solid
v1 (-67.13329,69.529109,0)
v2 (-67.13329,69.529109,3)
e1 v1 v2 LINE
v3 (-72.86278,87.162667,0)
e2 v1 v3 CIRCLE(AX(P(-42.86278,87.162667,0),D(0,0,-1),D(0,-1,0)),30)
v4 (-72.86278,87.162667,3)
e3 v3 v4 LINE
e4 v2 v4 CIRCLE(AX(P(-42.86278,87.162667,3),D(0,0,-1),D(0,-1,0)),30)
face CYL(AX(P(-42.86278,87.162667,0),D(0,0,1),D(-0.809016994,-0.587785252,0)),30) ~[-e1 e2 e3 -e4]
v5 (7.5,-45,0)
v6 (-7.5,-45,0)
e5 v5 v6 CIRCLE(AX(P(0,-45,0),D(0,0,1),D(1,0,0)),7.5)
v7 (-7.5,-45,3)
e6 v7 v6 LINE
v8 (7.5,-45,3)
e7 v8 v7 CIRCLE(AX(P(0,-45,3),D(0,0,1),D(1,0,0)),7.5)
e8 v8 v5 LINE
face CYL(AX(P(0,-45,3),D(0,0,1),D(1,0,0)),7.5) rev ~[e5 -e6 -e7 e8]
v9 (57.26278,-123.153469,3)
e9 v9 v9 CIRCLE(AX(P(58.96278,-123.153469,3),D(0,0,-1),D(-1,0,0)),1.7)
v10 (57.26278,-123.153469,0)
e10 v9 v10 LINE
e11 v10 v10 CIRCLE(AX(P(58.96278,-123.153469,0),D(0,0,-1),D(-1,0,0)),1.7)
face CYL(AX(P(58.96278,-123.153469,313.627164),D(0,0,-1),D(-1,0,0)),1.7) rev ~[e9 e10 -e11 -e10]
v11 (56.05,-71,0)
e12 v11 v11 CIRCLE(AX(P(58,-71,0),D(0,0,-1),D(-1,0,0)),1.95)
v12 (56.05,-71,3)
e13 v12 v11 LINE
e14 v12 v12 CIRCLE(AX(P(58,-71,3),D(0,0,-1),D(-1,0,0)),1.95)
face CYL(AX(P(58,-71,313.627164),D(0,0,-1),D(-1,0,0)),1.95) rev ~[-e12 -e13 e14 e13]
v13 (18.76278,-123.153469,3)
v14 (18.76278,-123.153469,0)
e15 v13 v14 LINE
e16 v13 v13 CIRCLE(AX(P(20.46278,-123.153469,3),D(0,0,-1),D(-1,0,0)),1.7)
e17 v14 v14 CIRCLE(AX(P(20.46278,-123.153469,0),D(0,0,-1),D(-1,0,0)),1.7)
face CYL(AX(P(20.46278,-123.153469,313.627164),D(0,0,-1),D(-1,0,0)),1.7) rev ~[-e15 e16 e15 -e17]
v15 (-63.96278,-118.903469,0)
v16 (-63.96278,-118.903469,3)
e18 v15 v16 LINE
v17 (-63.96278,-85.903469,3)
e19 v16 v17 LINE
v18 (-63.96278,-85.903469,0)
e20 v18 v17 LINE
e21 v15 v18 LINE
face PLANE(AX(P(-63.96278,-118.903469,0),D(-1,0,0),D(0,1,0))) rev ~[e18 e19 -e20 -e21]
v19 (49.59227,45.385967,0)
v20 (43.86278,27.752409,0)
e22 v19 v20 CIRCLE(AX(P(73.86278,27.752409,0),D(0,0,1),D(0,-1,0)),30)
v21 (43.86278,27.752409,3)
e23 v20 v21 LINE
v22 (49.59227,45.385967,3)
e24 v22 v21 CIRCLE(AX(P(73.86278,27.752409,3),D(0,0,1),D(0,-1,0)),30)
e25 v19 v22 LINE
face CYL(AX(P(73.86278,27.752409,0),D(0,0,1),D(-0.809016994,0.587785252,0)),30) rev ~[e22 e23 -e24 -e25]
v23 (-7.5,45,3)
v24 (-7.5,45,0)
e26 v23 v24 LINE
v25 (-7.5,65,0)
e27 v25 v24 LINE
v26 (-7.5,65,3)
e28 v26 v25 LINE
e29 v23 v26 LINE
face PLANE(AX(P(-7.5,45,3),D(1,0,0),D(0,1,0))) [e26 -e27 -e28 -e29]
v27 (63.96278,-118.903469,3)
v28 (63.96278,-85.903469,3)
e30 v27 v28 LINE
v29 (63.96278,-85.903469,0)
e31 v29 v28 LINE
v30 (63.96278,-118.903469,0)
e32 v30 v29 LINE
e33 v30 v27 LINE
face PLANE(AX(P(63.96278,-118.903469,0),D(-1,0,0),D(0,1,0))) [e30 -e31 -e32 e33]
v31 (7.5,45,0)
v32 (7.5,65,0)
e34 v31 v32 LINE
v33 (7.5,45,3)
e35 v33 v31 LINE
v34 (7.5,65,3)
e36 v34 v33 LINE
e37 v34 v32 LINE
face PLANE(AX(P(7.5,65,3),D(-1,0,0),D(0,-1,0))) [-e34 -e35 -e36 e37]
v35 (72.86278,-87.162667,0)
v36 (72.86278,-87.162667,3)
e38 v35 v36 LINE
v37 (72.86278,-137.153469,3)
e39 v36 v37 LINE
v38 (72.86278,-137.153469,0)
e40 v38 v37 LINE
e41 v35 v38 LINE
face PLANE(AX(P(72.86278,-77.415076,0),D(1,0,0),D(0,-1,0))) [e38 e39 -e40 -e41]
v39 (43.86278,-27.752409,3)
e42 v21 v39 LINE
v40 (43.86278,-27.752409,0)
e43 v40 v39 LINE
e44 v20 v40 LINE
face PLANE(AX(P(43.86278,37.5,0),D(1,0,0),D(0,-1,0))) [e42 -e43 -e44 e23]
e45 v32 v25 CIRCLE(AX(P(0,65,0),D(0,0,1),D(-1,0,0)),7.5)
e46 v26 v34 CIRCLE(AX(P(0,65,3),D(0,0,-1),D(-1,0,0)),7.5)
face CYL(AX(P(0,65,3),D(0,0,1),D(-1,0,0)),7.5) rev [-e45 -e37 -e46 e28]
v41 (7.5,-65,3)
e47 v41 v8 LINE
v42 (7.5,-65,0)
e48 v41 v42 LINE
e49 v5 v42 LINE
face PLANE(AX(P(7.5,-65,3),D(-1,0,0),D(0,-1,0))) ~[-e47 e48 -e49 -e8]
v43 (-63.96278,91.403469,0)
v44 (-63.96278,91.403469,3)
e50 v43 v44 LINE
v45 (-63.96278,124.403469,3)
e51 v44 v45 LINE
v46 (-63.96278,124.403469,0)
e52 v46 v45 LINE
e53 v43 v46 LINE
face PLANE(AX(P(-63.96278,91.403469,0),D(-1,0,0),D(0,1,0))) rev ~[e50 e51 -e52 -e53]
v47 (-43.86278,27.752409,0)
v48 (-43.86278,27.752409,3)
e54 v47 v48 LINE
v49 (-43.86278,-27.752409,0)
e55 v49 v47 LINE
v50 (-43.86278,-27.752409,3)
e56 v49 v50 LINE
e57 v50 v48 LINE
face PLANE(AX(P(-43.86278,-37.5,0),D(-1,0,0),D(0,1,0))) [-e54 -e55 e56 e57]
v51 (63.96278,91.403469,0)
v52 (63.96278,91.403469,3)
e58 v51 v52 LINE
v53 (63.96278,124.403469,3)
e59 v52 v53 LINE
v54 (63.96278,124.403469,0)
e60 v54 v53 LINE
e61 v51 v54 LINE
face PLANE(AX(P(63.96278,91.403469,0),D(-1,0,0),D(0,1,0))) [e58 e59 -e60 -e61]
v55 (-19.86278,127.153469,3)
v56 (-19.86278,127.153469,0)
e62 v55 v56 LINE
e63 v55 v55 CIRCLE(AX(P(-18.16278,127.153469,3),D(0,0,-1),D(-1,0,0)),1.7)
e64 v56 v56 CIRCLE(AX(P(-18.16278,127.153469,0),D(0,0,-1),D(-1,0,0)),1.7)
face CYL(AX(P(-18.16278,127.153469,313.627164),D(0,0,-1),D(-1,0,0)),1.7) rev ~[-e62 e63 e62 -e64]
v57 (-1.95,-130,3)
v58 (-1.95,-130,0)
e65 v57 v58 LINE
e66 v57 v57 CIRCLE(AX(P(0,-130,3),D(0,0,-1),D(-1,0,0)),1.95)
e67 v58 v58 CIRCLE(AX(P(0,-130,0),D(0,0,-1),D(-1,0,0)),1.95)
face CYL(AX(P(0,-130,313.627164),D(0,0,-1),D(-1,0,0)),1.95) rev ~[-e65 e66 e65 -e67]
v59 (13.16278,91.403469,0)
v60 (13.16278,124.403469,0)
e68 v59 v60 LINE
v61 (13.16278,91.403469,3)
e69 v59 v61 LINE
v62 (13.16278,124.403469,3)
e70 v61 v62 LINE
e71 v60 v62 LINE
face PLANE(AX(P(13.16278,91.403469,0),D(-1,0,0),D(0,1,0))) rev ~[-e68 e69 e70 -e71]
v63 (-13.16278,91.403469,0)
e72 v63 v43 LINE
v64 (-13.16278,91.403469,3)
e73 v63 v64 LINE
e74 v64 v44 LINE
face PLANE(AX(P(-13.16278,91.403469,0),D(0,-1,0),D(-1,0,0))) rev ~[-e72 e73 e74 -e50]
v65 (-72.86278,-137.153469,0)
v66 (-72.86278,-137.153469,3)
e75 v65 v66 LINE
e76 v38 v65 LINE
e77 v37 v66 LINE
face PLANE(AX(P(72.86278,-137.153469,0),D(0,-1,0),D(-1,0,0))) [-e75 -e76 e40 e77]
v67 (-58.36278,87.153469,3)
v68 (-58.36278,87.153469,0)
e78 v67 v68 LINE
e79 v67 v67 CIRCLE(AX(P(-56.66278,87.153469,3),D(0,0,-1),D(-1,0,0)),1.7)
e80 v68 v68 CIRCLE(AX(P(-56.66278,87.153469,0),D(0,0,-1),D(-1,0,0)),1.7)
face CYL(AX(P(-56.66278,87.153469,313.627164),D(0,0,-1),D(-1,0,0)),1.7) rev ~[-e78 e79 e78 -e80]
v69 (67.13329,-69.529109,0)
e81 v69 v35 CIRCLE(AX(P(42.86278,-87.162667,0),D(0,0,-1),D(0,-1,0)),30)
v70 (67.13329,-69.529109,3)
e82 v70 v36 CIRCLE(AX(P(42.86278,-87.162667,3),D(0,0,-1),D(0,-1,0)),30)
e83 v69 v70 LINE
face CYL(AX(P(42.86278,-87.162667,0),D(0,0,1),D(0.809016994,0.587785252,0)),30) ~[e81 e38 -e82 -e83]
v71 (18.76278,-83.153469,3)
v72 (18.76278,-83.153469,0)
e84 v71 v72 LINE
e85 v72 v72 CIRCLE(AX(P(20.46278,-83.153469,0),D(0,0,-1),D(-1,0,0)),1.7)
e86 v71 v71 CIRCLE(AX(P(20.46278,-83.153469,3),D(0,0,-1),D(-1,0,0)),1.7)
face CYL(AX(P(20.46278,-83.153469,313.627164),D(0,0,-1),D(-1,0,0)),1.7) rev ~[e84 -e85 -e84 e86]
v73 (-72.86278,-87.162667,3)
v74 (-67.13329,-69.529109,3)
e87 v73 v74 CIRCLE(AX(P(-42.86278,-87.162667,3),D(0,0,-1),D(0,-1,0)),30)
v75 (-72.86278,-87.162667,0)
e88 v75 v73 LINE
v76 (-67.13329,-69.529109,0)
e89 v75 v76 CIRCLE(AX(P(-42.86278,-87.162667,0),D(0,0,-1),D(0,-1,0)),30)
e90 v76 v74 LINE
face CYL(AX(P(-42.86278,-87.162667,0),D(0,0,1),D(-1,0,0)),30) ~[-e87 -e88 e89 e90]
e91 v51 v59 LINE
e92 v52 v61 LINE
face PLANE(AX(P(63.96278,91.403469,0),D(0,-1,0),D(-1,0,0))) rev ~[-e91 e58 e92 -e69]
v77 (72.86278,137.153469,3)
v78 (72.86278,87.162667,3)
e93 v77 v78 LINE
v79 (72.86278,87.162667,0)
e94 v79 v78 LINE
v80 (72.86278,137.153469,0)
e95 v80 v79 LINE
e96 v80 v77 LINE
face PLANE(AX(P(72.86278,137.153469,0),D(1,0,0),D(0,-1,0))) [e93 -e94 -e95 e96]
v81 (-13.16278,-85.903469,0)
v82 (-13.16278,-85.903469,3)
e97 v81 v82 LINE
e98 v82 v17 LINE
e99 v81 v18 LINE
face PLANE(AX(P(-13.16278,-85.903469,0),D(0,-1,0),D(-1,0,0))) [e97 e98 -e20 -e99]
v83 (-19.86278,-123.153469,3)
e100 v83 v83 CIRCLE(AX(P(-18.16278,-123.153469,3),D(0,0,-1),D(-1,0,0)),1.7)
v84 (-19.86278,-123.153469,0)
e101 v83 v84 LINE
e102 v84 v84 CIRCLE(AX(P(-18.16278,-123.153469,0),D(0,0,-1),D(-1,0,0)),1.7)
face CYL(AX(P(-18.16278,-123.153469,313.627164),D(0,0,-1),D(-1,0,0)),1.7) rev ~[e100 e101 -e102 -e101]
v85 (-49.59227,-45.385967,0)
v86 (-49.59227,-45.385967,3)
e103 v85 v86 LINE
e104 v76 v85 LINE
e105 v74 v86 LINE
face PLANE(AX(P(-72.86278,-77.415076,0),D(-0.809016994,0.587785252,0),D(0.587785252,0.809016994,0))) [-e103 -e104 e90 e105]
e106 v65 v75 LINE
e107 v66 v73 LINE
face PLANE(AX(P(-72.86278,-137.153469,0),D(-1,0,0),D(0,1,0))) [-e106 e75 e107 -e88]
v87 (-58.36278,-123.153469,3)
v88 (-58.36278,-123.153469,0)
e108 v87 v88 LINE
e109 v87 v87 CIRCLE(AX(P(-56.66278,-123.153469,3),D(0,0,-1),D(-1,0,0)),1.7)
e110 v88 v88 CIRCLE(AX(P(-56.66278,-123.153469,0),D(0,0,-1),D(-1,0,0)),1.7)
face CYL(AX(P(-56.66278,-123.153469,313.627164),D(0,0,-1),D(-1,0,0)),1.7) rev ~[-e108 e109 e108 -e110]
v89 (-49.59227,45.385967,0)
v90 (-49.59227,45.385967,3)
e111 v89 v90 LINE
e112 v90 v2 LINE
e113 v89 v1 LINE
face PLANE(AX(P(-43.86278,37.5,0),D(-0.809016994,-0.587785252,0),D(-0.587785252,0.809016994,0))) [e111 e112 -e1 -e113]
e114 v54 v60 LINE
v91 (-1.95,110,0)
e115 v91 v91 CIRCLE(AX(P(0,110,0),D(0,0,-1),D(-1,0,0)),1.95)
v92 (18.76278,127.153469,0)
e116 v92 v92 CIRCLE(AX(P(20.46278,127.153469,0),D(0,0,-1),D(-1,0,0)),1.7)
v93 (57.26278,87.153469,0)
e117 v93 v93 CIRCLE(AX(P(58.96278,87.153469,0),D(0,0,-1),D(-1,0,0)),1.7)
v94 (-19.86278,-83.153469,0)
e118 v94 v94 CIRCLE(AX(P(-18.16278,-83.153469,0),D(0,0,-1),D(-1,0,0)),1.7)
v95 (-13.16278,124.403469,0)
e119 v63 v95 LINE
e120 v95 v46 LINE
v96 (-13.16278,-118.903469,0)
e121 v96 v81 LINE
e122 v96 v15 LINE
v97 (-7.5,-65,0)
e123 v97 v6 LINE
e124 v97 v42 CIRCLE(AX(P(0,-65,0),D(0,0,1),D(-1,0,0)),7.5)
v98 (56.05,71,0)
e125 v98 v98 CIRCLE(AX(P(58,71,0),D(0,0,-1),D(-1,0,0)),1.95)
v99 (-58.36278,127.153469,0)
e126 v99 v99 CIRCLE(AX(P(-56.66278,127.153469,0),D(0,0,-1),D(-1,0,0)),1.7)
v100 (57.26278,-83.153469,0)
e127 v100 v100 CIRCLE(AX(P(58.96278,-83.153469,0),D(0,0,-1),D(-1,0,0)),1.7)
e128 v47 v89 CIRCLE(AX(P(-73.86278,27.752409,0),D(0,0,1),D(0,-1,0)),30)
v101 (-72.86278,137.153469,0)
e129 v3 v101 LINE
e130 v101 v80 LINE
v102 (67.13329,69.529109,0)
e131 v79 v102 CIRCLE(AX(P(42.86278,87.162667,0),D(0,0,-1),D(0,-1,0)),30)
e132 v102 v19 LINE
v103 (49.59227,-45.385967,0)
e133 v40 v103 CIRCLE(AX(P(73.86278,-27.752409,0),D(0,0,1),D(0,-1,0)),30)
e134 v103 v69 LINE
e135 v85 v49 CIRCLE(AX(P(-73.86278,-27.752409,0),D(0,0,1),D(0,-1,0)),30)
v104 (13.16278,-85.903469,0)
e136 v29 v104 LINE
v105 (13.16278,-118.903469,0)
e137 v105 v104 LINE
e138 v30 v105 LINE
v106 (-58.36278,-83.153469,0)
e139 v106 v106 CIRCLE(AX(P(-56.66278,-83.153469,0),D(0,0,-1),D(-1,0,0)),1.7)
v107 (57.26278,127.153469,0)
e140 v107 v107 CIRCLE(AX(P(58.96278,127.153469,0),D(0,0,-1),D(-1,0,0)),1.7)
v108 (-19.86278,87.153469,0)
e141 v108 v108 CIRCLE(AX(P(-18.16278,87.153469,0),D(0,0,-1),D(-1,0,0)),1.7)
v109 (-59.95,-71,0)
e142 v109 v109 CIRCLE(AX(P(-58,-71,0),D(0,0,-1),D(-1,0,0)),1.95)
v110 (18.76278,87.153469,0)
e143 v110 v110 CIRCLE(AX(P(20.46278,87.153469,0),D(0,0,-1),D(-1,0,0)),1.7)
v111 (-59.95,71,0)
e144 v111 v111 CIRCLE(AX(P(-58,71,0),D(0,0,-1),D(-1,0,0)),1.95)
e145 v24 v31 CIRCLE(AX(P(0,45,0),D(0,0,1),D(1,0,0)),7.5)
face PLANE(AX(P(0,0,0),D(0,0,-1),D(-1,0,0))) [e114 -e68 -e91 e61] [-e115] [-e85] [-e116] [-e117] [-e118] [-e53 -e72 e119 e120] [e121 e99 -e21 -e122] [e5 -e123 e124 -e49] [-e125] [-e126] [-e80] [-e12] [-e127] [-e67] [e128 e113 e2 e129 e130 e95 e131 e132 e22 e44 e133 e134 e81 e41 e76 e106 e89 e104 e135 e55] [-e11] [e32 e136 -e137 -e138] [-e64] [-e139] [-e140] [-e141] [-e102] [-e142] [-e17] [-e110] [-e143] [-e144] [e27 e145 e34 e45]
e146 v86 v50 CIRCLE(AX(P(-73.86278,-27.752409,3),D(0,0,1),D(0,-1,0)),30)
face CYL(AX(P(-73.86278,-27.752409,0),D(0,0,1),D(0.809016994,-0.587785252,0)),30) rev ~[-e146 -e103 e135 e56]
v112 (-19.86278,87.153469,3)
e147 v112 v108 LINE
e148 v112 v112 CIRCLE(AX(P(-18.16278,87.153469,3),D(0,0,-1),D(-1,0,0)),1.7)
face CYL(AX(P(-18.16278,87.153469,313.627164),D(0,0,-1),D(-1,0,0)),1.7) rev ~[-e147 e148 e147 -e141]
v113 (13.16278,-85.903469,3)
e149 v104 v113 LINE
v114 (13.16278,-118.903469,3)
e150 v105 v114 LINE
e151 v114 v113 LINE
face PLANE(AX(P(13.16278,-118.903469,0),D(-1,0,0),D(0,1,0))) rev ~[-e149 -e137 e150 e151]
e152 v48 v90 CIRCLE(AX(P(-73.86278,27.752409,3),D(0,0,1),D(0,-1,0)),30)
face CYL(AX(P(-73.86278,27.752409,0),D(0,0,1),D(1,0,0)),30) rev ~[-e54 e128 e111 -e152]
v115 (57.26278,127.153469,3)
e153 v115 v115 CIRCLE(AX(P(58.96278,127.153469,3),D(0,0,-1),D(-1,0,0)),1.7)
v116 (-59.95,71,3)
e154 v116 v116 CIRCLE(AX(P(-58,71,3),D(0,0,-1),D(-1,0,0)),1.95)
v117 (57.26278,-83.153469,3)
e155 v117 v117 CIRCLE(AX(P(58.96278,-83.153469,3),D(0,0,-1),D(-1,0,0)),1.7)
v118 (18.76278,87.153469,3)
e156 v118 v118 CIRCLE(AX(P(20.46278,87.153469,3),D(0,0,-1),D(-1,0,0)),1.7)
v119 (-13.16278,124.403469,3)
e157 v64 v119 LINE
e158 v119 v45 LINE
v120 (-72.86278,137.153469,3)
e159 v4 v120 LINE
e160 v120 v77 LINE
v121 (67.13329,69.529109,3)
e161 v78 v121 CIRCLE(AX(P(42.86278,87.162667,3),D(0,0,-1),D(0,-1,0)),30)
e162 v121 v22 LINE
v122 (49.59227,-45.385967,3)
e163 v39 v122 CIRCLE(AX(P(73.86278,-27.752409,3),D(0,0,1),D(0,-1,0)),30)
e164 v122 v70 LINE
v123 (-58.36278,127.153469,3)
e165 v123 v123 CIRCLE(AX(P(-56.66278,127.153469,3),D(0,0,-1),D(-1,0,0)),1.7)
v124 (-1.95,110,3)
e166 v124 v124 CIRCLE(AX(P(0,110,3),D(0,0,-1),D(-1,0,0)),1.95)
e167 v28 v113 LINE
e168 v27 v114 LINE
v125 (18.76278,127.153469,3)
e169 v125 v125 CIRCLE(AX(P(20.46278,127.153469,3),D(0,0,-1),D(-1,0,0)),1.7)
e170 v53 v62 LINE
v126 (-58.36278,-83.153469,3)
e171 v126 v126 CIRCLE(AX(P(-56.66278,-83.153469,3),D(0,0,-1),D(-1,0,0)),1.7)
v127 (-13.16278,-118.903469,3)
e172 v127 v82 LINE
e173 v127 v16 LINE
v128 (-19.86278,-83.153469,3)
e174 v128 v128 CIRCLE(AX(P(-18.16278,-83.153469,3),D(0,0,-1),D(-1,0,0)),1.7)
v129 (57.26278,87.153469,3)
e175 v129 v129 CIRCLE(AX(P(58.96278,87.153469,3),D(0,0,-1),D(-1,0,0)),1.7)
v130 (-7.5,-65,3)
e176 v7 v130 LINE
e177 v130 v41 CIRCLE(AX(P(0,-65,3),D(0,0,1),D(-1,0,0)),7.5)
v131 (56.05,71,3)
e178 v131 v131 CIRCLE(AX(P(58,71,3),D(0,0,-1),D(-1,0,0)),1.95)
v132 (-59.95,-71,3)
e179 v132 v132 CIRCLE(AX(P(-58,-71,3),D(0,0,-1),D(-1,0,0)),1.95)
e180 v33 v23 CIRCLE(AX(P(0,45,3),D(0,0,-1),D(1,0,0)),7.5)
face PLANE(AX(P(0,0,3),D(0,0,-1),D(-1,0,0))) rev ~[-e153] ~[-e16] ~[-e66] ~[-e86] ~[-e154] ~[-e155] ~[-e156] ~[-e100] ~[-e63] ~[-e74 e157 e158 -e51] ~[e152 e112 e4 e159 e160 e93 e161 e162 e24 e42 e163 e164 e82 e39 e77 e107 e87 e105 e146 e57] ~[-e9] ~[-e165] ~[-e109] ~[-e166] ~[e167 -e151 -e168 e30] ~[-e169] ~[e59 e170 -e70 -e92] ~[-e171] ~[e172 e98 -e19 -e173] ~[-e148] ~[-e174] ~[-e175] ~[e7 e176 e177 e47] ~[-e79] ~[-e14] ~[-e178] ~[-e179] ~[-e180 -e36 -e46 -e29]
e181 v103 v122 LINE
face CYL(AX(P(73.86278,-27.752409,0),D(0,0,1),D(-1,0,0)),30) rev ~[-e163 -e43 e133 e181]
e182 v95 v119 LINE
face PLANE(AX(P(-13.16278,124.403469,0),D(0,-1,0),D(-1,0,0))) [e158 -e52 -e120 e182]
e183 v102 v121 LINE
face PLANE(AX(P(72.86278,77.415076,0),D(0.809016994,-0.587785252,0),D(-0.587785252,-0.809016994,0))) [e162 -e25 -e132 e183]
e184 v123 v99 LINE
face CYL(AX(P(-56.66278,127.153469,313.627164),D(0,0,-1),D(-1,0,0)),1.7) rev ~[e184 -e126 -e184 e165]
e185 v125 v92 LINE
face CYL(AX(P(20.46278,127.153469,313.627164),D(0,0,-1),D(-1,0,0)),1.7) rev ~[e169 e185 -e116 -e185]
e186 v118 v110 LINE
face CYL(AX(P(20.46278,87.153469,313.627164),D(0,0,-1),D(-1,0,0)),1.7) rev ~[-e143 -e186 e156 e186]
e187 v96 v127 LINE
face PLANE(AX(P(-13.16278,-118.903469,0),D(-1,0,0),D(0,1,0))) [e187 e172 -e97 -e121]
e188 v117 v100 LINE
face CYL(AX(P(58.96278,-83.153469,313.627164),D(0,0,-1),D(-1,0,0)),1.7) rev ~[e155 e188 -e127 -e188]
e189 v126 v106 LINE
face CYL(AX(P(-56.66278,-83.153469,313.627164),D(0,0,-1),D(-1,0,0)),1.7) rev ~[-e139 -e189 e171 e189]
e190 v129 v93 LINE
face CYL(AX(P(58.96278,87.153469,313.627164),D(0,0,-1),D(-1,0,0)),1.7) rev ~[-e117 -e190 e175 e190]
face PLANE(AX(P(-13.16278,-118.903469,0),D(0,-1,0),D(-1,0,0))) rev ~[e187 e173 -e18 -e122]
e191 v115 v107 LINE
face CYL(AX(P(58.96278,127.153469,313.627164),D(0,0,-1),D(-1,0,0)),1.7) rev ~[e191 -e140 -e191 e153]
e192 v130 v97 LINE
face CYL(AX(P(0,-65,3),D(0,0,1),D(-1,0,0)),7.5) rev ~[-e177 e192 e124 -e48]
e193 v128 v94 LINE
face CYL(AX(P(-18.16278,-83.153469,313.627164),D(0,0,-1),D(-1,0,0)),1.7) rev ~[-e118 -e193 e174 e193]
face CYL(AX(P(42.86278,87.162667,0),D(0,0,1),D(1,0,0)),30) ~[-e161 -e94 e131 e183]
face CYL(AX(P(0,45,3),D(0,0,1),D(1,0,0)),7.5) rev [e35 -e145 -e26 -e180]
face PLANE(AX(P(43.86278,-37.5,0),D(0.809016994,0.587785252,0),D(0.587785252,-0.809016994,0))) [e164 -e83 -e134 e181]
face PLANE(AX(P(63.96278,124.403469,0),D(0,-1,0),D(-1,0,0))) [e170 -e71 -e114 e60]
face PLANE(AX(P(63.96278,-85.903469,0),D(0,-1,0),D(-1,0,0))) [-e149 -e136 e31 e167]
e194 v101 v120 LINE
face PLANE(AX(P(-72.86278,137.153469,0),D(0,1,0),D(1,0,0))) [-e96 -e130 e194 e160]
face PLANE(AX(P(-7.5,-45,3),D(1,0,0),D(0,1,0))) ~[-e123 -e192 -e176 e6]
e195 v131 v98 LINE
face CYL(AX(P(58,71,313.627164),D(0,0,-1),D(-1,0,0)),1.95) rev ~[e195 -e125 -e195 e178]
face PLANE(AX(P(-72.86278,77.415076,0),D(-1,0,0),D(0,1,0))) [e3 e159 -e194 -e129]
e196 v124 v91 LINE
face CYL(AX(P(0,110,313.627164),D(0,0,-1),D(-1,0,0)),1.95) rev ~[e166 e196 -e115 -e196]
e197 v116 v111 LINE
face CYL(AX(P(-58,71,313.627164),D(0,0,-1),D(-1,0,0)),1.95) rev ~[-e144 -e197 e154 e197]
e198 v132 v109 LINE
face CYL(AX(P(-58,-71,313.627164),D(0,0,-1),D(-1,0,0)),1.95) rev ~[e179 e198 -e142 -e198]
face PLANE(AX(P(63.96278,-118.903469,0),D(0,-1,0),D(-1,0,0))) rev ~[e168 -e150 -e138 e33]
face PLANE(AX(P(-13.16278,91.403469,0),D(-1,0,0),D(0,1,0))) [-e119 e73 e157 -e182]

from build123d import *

# Parameters (mm, degrees)
SALIENTE_EXTRUIR1_DEPTH        = 3
REDONDEO1_R                    = 30
CORTAR_EXTRUIR1_DEPTH          = 156.335310697
TALADRO_DE_MARGEN_PARA_M31_D   = 3.4
CROQUIS16_W                    = 50.8
CROQUIS16_H                    = 33
CORTAR_EXTRUIR2_DEPTH          = 156.335310697
TALADRO_DE_MARGEN_PARA_M3_51_D = 3.9


with BuildPart() as part:
    # Croquis1 → Saliente-Extruir1 (new body)
    with BuildSketch(Plane.XY):
        Polygon((72.862780289, -137.153468779), (-72.862780289, -137.153468779), (-72.862780289, -77.415075694), (-43.862780289, -37.5), (-43.862780289, 37.5), (-72.862780289, 77.415075694), (-72.862780289, 137.153468779), (72.862780289, 137.153468779), (72.862780289, 77.415075694), (43.862780289, 37.5), (43.862780289, -37.5), (72.862780289, -77.415075694), align=None)
    extrude(amount=SALIENTE_EXTRUIR1_DEPTH)

    # Redondeo1
    redondeo1_edges = [part.edges().sort_by_distance(p)[0] for p in [
        (72.862780289, 77.415075694, 1.5),
        (43.862780289, 37.5, 1.5),
        (43.862780289, -37.5, 1.5),
        (72.862780289, -77.415075694, 1.5),
        (-72.862780289, -77.415075694, 1.5),
        (-43.862780289, -37.5, 1.5),
        (-43.862780289, 37.5, 1.5),
        (-72.862780289, 77.415075694, 1.5),
    ]]
    fillet(redondeo1_edges, radius=REDONDEO1_R)

    # Croquis2 → Cortar-Extruir1 (cut, through all)
    with BuildSketch(Plane.XY.offset(3)):
        with BuildLine():
            Line((-7.5, 45), (-7.5, 65))
            ThreePointArc((-7.5, 65), (0, 72.5), (7.5, 65))
            Line((7.5, 65), (7.5, 45))
            ThreePointArc((7.5, 45), (0, 37.5), (-7.5, 45))
        make_face()
    cortar_extruir1 = extrude(amount=-CORTAR_EXTRUIR1_DEPTH, mode=Mode.SUBTRACT)

    # Simetría1: Cortar-Extruir1 across plane
    add(cortar_extruir1.mirror(Plane.ZX), mode=Mode.SUBTRACT)

    # Taladro de margen para M31 (through all)
    with Locations(Plane.XY.offset(3)):
        with Locations((-56.662780289, 127.153468779), (-18.162780289, 127.153468779), (-18.162780289, 87.153468779), (-56.662780289, 87.153468779), (20.462780289, 127.153468779), (20.462780289, 87.153468779), (58.962780289, 87.153468779), (58.962780289, 127.153468779), (58.962780289, -123.153468779), (20.462780289, -123.153468779), (20.462780289, -83.153468779), (58.962780289, -83.153468779), (-18.162780289, -123.153468779), (-56.662780289, -123.153468779), (-56.662780289, -83.153468779), (-18.162780289, -83.153468779)):
            Hole(TALADRO_DE_MARGEN_PARA_M31_D / 2)

    # Croquis16 → Cortar-Extruir2 (cut, through all)
    with BuildSketch(Plane(origin=(0, 0, 0), x_dir=(-1, 0, 0), z_dir=(0, 0, -1))):
        with Locations((-38.562780289, 107.903468779)):
            Rectangle(CROQUIS16_W, CROQUIS16_H)
        with Locations((38.562780289, 107.903468779)):
            Rectangle(CROQUIS16_W, CROQUIS16_H)
        with Locations((38.562780289, -102.403468779)):
            Rectangle(CROQUIS16_W, CROQUIS16_H)
        with Locations((-38.562780289, -102.403468779)):
            Rectangle(CROQUIS16_W, CROQUIS16_H)
    extrude(amount=-CORTAR_EXTRUIR2_DEPTH, mode=Mode.SUBTRACT)

    # Taladro de margen para M3.51 (through all)
    with Locations(Plane.XY.offset(3)):
        with Locations((-58, 71), (0, 110), (-58, -71), (0, -130), (58, -71), (58, 71)):
            Hole(TALADRO_DE_MARGEN_PARA_M3_51_D / 2)


solid = part.part
